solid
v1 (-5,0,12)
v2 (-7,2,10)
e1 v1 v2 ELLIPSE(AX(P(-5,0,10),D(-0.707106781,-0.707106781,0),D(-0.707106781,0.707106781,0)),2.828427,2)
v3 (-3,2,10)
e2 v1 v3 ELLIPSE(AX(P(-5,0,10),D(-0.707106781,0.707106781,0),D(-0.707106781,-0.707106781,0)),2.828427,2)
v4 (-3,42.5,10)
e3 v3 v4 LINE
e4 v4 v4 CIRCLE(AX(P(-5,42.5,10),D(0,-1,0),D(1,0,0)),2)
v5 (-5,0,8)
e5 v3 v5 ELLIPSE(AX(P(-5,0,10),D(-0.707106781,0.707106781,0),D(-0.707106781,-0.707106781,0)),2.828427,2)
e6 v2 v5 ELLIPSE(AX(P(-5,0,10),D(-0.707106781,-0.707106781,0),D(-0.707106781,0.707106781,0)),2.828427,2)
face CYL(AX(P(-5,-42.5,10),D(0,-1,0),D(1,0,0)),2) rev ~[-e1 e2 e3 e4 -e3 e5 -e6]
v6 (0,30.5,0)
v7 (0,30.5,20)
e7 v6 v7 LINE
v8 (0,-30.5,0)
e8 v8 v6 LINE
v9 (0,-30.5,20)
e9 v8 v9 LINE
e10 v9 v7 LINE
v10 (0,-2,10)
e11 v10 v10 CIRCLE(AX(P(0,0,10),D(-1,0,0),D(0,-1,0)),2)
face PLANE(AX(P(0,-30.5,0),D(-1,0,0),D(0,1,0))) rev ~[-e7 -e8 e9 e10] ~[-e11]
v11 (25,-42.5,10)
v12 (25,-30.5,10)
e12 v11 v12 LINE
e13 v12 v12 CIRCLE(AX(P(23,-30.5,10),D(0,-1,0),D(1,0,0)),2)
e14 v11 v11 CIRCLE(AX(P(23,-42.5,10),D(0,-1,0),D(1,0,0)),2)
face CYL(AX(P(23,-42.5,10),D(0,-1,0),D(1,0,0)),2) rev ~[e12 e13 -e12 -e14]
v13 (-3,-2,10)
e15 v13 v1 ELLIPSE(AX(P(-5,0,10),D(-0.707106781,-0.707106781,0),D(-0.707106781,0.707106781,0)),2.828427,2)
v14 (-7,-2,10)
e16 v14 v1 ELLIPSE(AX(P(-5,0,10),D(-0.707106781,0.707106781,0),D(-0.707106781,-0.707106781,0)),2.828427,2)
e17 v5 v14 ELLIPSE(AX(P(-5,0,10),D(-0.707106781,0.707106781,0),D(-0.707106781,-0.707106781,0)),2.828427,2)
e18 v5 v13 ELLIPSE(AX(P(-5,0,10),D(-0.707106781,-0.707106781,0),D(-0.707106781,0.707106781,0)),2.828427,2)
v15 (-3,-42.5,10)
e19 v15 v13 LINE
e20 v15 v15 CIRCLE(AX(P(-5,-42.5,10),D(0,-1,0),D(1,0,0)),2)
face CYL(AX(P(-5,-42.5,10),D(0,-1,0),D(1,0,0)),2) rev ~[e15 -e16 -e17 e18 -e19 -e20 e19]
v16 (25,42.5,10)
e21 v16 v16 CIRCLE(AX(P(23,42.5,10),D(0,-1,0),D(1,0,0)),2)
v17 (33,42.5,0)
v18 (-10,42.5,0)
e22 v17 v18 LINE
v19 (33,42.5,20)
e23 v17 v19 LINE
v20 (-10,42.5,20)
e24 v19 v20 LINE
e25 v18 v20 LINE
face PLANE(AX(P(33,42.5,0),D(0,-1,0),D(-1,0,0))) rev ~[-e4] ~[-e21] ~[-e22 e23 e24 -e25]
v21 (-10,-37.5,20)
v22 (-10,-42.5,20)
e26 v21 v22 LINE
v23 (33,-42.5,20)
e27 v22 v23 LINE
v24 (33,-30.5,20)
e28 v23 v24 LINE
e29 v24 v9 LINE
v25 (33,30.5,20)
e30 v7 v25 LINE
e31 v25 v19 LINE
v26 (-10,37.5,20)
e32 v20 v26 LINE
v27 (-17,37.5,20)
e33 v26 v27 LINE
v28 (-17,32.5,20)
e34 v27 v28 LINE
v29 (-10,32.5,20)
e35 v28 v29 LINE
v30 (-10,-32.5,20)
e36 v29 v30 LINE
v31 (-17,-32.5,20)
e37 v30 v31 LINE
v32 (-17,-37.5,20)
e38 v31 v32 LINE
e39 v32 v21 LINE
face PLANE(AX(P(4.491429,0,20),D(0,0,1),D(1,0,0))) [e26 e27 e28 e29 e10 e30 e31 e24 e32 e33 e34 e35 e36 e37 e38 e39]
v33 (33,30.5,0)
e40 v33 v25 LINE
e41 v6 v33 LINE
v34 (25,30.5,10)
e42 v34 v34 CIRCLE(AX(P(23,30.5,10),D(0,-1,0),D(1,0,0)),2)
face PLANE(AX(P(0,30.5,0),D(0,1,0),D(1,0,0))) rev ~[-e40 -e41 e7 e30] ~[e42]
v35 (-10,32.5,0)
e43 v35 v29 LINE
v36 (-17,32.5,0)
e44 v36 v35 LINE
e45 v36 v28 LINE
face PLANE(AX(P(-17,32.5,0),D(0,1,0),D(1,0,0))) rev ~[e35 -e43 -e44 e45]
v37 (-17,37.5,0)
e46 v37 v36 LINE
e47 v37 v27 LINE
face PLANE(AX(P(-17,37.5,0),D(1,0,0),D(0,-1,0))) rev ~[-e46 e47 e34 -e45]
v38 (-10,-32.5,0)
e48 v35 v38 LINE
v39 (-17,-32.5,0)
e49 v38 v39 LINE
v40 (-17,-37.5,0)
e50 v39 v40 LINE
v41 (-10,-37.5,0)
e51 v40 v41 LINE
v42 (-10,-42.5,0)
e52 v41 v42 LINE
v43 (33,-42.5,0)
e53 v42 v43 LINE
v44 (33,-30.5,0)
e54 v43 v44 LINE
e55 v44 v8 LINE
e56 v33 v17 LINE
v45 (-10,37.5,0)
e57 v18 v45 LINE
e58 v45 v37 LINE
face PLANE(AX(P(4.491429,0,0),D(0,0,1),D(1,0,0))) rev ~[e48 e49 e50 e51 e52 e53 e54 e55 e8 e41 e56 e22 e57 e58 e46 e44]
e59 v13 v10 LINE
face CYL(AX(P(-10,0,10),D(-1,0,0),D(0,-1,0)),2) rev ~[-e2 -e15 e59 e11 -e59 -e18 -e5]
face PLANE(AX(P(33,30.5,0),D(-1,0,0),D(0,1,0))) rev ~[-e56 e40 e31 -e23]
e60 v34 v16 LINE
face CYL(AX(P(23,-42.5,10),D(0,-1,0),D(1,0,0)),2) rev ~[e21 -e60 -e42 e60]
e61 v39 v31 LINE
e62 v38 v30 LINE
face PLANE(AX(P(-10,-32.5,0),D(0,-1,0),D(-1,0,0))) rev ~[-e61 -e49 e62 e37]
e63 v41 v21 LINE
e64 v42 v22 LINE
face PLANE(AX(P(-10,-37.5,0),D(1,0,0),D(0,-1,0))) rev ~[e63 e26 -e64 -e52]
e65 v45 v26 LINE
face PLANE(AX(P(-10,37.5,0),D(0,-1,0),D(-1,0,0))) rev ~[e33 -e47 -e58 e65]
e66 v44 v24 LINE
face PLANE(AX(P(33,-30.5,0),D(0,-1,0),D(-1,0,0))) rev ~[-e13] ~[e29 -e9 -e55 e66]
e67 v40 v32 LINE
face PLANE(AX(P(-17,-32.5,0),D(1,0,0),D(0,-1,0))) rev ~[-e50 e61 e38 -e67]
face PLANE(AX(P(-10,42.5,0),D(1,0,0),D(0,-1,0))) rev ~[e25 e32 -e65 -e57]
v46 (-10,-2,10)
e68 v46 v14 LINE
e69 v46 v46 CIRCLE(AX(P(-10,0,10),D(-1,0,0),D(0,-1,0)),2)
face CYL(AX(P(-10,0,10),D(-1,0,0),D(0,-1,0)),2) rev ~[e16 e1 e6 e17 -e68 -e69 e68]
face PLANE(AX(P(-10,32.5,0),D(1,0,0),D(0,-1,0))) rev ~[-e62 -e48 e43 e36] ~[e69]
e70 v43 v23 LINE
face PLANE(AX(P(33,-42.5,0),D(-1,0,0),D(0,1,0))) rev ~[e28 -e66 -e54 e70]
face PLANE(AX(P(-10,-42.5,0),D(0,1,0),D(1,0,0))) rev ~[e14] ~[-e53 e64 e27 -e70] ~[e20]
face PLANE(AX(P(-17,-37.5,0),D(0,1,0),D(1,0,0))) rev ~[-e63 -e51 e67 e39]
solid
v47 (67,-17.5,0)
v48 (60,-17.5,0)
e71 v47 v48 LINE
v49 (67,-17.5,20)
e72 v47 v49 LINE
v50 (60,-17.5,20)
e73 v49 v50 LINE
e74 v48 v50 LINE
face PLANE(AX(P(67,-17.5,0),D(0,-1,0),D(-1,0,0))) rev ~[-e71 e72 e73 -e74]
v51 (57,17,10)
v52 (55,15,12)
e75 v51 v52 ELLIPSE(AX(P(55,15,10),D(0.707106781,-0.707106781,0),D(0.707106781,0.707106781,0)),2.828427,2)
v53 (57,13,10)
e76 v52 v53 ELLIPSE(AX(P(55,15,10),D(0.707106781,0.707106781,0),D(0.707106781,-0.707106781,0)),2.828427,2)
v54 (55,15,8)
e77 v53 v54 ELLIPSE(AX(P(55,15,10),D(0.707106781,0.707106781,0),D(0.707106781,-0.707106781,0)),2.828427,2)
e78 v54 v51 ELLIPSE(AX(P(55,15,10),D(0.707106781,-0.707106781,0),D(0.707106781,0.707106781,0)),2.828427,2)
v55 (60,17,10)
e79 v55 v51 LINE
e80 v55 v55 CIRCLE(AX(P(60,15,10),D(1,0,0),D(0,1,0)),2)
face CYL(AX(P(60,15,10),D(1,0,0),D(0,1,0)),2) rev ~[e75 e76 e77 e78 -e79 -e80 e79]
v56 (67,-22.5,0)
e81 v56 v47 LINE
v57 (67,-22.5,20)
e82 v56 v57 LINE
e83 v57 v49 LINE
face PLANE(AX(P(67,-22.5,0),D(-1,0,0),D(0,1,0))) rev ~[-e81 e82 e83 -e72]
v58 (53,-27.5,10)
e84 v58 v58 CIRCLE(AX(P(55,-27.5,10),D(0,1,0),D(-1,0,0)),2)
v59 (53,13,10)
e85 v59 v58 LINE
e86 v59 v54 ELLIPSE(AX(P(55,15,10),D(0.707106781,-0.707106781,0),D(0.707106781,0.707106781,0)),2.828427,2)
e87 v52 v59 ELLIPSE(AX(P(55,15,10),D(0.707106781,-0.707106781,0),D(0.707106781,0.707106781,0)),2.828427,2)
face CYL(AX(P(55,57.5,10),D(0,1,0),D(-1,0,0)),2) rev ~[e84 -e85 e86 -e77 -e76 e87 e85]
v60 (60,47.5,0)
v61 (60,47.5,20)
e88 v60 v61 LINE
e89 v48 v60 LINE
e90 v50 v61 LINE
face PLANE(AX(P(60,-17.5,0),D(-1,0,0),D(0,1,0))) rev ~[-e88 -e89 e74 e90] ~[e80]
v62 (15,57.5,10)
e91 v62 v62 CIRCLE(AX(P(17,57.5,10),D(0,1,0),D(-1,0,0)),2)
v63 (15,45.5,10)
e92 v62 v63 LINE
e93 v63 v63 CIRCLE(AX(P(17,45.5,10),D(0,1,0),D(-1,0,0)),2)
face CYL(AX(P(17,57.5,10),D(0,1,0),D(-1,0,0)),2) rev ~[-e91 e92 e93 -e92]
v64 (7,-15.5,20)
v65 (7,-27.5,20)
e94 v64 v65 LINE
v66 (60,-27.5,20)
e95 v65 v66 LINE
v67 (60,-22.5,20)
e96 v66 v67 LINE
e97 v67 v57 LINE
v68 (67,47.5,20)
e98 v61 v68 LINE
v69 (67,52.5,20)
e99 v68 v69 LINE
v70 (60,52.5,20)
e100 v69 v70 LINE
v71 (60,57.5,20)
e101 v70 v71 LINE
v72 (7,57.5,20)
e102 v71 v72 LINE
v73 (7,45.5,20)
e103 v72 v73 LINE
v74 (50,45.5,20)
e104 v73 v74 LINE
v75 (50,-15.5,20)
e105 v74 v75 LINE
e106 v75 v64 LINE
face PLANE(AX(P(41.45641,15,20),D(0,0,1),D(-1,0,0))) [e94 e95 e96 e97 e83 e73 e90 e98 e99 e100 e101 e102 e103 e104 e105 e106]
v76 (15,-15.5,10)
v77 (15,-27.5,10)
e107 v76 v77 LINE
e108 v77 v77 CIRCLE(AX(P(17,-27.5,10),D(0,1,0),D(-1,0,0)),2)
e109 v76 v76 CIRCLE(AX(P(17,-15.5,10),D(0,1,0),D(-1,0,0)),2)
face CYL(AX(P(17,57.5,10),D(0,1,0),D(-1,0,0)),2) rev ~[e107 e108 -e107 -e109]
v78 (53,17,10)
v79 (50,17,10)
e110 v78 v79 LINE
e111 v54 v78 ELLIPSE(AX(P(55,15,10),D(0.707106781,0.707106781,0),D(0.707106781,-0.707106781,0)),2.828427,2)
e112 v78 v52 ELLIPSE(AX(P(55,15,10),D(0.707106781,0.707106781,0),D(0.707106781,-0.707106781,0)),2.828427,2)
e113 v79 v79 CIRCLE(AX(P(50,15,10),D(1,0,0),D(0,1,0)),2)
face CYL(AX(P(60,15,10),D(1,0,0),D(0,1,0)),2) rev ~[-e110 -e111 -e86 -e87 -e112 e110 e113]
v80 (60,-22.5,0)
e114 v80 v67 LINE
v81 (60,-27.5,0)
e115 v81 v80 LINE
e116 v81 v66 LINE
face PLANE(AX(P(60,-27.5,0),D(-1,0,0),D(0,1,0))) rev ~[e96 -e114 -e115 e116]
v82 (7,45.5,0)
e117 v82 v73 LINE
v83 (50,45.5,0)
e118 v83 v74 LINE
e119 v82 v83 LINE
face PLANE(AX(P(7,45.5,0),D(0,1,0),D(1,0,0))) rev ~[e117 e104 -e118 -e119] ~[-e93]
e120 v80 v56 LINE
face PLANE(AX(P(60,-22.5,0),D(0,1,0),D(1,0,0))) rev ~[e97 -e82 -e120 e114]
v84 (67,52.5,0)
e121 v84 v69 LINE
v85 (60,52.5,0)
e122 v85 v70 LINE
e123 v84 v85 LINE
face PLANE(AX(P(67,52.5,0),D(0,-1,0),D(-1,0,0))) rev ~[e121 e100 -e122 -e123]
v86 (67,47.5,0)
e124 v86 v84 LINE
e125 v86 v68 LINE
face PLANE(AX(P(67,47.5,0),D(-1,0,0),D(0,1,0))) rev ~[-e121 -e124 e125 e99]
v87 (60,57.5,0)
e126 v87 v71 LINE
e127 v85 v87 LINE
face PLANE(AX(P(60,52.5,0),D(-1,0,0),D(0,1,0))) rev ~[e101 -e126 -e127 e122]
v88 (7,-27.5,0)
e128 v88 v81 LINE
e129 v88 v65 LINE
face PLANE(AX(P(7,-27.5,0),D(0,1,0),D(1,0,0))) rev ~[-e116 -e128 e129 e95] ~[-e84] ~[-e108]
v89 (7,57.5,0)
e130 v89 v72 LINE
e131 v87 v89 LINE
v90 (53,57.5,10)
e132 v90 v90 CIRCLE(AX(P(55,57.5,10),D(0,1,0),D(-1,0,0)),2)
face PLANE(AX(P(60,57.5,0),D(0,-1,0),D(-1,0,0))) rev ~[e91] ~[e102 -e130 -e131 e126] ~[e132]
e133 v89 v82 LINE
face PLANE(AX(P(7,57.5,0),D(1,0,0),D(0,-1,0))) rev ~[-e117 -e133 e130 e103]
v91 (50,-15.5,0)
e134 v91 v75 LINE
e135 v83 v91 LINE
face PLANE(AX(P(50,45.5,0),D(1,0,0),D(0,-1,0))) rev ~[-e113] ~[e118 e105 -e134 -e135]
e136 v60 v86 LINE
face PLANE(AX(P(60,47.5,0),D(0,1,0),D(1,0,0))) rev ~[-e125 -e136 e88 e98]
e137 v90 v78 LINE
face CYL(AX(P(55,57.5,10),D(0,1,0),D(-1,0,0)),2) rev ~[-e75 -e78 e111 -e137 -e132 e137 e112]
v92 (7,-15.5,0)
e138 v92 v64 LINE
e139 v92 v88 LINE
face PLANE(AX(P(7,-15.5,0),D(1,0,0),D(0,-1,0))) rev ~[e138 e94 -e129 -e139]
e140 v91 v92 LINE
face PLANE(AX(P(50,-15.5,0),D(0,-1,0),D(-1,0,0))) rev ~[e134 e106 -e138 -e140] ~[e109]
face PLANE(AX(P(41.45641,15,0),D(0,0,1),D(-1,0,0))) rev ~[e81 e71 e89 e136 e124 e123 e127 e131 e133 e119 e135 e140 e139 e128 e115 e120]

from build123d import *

# Parameters (mm, degrees)
PAD_DEPTH       = 20
SKETCH004_R     = 2
POCKET002_DEPTH = 43.001
SKETCH005_R     = 2
POCKET003_DEPTH = 85.001
PAD001_DEPTH    = 20
SKETCH007_R     = 2
POCKET004_DEPTH = 53.001
SKETCH008_R     = 2
POCKET005_DEPTH = 85.001


with BuildPart() as soporte_agujero_superior_lateral:
    # Sketch → Pad (new body)
    with BuildSketch(Plane.XY):
        Polygon((-10, -42.5), (33, -42.5), (33, -30.5), (0, -30.5), (0, 30.5), (33, 30.5), (33, 42.5), (-10, 42.5), (-10, 37.5), (-17, 37.5), (-17, 32.5), (-10, 32.5), (-10, -32.5), (-17, -32.5), (-17, -37.5), (-10, -37.5), align=None)
    extrude(amount=PAD_DEPTH)

    # Sketch004 → Pocket002 (cut, through all)
    with BuildSketch(Plane(origin=(-10, 0, 0), x_dir=(0, -1, 0), z_dir=(-1, 0, 0))):
        with Locations((0, 10)):
            Circle(SKETCH004_R)
    extrude(amount=-POCKET002_DEPTH, mode=Mode.SUBTRACT)

    # Sketch005 → Pocket003 (cut, through all)
    with BuildSketch(Plane.XZ.offset(42.5)):
        with Locations((-5, 10)):
            Circle(SKETCH005_R)
        with Locations((23, 10)):
            Circle(SKETCH005_R)
    extrude(amount=-POCKET003_DEPTH, mode=Mode.SUBTRACT)


with BuildPart() as soporte_agujero_superior_lateral001:
    # Sketch006 → Pad001 (new body)
    with BuildSketch(Plane(origin=(50, 15, 0), x_dir=(-1, 0, 0), z_dir=(0, 0, 1))):
        Polygon((-10, -42.5), (43, -42.5), (43, -30.5), (0, -30.5), (0, 30.5), (43, 30.5), (43, 42.5), (-10, 42.5), (-10, 37.5), (-17, 37.5), (-17, 32.5), (-10, 32.5), (-10, -32.5), (-17, -32.5), (-17, -37.5), (-10, -37.5), align=None)
    extrude(amount=PAD001_DEPTH)

    # Sketch007 → Pocket004 (cut, through all)
    with BuildSketch(Plane(origin=(60, 15, 0), x_dir=(0, 1, 0), z_dir=(1, 0, 0))):
        with Locations((0, 10)):
            Circle(SKETCH007_R)
    extrude(amount=-POCKET004_DEPTH, mode=Mode.SUBTRACT)

    # Sketch008 → Pocket005 (cut, through all)
    with BuildSketch(Plane(origin=(50, 57.5, 0), x_dir=(-1, 0, 0), z_dir=(0, 1, 0))):
        with Locations((-5, 10)):
            Circle(SKETCH008_R)
        with Locations((33, 10)):
            Circle(SKETCH008_R)
    extrude(amount=-POCKET005_DEPTH, mode=Mode.SUBTRACT)


solid = Compound([soporte_agujero_superior_lateral.part, soporte_agujero_superior_lateral001.part])
